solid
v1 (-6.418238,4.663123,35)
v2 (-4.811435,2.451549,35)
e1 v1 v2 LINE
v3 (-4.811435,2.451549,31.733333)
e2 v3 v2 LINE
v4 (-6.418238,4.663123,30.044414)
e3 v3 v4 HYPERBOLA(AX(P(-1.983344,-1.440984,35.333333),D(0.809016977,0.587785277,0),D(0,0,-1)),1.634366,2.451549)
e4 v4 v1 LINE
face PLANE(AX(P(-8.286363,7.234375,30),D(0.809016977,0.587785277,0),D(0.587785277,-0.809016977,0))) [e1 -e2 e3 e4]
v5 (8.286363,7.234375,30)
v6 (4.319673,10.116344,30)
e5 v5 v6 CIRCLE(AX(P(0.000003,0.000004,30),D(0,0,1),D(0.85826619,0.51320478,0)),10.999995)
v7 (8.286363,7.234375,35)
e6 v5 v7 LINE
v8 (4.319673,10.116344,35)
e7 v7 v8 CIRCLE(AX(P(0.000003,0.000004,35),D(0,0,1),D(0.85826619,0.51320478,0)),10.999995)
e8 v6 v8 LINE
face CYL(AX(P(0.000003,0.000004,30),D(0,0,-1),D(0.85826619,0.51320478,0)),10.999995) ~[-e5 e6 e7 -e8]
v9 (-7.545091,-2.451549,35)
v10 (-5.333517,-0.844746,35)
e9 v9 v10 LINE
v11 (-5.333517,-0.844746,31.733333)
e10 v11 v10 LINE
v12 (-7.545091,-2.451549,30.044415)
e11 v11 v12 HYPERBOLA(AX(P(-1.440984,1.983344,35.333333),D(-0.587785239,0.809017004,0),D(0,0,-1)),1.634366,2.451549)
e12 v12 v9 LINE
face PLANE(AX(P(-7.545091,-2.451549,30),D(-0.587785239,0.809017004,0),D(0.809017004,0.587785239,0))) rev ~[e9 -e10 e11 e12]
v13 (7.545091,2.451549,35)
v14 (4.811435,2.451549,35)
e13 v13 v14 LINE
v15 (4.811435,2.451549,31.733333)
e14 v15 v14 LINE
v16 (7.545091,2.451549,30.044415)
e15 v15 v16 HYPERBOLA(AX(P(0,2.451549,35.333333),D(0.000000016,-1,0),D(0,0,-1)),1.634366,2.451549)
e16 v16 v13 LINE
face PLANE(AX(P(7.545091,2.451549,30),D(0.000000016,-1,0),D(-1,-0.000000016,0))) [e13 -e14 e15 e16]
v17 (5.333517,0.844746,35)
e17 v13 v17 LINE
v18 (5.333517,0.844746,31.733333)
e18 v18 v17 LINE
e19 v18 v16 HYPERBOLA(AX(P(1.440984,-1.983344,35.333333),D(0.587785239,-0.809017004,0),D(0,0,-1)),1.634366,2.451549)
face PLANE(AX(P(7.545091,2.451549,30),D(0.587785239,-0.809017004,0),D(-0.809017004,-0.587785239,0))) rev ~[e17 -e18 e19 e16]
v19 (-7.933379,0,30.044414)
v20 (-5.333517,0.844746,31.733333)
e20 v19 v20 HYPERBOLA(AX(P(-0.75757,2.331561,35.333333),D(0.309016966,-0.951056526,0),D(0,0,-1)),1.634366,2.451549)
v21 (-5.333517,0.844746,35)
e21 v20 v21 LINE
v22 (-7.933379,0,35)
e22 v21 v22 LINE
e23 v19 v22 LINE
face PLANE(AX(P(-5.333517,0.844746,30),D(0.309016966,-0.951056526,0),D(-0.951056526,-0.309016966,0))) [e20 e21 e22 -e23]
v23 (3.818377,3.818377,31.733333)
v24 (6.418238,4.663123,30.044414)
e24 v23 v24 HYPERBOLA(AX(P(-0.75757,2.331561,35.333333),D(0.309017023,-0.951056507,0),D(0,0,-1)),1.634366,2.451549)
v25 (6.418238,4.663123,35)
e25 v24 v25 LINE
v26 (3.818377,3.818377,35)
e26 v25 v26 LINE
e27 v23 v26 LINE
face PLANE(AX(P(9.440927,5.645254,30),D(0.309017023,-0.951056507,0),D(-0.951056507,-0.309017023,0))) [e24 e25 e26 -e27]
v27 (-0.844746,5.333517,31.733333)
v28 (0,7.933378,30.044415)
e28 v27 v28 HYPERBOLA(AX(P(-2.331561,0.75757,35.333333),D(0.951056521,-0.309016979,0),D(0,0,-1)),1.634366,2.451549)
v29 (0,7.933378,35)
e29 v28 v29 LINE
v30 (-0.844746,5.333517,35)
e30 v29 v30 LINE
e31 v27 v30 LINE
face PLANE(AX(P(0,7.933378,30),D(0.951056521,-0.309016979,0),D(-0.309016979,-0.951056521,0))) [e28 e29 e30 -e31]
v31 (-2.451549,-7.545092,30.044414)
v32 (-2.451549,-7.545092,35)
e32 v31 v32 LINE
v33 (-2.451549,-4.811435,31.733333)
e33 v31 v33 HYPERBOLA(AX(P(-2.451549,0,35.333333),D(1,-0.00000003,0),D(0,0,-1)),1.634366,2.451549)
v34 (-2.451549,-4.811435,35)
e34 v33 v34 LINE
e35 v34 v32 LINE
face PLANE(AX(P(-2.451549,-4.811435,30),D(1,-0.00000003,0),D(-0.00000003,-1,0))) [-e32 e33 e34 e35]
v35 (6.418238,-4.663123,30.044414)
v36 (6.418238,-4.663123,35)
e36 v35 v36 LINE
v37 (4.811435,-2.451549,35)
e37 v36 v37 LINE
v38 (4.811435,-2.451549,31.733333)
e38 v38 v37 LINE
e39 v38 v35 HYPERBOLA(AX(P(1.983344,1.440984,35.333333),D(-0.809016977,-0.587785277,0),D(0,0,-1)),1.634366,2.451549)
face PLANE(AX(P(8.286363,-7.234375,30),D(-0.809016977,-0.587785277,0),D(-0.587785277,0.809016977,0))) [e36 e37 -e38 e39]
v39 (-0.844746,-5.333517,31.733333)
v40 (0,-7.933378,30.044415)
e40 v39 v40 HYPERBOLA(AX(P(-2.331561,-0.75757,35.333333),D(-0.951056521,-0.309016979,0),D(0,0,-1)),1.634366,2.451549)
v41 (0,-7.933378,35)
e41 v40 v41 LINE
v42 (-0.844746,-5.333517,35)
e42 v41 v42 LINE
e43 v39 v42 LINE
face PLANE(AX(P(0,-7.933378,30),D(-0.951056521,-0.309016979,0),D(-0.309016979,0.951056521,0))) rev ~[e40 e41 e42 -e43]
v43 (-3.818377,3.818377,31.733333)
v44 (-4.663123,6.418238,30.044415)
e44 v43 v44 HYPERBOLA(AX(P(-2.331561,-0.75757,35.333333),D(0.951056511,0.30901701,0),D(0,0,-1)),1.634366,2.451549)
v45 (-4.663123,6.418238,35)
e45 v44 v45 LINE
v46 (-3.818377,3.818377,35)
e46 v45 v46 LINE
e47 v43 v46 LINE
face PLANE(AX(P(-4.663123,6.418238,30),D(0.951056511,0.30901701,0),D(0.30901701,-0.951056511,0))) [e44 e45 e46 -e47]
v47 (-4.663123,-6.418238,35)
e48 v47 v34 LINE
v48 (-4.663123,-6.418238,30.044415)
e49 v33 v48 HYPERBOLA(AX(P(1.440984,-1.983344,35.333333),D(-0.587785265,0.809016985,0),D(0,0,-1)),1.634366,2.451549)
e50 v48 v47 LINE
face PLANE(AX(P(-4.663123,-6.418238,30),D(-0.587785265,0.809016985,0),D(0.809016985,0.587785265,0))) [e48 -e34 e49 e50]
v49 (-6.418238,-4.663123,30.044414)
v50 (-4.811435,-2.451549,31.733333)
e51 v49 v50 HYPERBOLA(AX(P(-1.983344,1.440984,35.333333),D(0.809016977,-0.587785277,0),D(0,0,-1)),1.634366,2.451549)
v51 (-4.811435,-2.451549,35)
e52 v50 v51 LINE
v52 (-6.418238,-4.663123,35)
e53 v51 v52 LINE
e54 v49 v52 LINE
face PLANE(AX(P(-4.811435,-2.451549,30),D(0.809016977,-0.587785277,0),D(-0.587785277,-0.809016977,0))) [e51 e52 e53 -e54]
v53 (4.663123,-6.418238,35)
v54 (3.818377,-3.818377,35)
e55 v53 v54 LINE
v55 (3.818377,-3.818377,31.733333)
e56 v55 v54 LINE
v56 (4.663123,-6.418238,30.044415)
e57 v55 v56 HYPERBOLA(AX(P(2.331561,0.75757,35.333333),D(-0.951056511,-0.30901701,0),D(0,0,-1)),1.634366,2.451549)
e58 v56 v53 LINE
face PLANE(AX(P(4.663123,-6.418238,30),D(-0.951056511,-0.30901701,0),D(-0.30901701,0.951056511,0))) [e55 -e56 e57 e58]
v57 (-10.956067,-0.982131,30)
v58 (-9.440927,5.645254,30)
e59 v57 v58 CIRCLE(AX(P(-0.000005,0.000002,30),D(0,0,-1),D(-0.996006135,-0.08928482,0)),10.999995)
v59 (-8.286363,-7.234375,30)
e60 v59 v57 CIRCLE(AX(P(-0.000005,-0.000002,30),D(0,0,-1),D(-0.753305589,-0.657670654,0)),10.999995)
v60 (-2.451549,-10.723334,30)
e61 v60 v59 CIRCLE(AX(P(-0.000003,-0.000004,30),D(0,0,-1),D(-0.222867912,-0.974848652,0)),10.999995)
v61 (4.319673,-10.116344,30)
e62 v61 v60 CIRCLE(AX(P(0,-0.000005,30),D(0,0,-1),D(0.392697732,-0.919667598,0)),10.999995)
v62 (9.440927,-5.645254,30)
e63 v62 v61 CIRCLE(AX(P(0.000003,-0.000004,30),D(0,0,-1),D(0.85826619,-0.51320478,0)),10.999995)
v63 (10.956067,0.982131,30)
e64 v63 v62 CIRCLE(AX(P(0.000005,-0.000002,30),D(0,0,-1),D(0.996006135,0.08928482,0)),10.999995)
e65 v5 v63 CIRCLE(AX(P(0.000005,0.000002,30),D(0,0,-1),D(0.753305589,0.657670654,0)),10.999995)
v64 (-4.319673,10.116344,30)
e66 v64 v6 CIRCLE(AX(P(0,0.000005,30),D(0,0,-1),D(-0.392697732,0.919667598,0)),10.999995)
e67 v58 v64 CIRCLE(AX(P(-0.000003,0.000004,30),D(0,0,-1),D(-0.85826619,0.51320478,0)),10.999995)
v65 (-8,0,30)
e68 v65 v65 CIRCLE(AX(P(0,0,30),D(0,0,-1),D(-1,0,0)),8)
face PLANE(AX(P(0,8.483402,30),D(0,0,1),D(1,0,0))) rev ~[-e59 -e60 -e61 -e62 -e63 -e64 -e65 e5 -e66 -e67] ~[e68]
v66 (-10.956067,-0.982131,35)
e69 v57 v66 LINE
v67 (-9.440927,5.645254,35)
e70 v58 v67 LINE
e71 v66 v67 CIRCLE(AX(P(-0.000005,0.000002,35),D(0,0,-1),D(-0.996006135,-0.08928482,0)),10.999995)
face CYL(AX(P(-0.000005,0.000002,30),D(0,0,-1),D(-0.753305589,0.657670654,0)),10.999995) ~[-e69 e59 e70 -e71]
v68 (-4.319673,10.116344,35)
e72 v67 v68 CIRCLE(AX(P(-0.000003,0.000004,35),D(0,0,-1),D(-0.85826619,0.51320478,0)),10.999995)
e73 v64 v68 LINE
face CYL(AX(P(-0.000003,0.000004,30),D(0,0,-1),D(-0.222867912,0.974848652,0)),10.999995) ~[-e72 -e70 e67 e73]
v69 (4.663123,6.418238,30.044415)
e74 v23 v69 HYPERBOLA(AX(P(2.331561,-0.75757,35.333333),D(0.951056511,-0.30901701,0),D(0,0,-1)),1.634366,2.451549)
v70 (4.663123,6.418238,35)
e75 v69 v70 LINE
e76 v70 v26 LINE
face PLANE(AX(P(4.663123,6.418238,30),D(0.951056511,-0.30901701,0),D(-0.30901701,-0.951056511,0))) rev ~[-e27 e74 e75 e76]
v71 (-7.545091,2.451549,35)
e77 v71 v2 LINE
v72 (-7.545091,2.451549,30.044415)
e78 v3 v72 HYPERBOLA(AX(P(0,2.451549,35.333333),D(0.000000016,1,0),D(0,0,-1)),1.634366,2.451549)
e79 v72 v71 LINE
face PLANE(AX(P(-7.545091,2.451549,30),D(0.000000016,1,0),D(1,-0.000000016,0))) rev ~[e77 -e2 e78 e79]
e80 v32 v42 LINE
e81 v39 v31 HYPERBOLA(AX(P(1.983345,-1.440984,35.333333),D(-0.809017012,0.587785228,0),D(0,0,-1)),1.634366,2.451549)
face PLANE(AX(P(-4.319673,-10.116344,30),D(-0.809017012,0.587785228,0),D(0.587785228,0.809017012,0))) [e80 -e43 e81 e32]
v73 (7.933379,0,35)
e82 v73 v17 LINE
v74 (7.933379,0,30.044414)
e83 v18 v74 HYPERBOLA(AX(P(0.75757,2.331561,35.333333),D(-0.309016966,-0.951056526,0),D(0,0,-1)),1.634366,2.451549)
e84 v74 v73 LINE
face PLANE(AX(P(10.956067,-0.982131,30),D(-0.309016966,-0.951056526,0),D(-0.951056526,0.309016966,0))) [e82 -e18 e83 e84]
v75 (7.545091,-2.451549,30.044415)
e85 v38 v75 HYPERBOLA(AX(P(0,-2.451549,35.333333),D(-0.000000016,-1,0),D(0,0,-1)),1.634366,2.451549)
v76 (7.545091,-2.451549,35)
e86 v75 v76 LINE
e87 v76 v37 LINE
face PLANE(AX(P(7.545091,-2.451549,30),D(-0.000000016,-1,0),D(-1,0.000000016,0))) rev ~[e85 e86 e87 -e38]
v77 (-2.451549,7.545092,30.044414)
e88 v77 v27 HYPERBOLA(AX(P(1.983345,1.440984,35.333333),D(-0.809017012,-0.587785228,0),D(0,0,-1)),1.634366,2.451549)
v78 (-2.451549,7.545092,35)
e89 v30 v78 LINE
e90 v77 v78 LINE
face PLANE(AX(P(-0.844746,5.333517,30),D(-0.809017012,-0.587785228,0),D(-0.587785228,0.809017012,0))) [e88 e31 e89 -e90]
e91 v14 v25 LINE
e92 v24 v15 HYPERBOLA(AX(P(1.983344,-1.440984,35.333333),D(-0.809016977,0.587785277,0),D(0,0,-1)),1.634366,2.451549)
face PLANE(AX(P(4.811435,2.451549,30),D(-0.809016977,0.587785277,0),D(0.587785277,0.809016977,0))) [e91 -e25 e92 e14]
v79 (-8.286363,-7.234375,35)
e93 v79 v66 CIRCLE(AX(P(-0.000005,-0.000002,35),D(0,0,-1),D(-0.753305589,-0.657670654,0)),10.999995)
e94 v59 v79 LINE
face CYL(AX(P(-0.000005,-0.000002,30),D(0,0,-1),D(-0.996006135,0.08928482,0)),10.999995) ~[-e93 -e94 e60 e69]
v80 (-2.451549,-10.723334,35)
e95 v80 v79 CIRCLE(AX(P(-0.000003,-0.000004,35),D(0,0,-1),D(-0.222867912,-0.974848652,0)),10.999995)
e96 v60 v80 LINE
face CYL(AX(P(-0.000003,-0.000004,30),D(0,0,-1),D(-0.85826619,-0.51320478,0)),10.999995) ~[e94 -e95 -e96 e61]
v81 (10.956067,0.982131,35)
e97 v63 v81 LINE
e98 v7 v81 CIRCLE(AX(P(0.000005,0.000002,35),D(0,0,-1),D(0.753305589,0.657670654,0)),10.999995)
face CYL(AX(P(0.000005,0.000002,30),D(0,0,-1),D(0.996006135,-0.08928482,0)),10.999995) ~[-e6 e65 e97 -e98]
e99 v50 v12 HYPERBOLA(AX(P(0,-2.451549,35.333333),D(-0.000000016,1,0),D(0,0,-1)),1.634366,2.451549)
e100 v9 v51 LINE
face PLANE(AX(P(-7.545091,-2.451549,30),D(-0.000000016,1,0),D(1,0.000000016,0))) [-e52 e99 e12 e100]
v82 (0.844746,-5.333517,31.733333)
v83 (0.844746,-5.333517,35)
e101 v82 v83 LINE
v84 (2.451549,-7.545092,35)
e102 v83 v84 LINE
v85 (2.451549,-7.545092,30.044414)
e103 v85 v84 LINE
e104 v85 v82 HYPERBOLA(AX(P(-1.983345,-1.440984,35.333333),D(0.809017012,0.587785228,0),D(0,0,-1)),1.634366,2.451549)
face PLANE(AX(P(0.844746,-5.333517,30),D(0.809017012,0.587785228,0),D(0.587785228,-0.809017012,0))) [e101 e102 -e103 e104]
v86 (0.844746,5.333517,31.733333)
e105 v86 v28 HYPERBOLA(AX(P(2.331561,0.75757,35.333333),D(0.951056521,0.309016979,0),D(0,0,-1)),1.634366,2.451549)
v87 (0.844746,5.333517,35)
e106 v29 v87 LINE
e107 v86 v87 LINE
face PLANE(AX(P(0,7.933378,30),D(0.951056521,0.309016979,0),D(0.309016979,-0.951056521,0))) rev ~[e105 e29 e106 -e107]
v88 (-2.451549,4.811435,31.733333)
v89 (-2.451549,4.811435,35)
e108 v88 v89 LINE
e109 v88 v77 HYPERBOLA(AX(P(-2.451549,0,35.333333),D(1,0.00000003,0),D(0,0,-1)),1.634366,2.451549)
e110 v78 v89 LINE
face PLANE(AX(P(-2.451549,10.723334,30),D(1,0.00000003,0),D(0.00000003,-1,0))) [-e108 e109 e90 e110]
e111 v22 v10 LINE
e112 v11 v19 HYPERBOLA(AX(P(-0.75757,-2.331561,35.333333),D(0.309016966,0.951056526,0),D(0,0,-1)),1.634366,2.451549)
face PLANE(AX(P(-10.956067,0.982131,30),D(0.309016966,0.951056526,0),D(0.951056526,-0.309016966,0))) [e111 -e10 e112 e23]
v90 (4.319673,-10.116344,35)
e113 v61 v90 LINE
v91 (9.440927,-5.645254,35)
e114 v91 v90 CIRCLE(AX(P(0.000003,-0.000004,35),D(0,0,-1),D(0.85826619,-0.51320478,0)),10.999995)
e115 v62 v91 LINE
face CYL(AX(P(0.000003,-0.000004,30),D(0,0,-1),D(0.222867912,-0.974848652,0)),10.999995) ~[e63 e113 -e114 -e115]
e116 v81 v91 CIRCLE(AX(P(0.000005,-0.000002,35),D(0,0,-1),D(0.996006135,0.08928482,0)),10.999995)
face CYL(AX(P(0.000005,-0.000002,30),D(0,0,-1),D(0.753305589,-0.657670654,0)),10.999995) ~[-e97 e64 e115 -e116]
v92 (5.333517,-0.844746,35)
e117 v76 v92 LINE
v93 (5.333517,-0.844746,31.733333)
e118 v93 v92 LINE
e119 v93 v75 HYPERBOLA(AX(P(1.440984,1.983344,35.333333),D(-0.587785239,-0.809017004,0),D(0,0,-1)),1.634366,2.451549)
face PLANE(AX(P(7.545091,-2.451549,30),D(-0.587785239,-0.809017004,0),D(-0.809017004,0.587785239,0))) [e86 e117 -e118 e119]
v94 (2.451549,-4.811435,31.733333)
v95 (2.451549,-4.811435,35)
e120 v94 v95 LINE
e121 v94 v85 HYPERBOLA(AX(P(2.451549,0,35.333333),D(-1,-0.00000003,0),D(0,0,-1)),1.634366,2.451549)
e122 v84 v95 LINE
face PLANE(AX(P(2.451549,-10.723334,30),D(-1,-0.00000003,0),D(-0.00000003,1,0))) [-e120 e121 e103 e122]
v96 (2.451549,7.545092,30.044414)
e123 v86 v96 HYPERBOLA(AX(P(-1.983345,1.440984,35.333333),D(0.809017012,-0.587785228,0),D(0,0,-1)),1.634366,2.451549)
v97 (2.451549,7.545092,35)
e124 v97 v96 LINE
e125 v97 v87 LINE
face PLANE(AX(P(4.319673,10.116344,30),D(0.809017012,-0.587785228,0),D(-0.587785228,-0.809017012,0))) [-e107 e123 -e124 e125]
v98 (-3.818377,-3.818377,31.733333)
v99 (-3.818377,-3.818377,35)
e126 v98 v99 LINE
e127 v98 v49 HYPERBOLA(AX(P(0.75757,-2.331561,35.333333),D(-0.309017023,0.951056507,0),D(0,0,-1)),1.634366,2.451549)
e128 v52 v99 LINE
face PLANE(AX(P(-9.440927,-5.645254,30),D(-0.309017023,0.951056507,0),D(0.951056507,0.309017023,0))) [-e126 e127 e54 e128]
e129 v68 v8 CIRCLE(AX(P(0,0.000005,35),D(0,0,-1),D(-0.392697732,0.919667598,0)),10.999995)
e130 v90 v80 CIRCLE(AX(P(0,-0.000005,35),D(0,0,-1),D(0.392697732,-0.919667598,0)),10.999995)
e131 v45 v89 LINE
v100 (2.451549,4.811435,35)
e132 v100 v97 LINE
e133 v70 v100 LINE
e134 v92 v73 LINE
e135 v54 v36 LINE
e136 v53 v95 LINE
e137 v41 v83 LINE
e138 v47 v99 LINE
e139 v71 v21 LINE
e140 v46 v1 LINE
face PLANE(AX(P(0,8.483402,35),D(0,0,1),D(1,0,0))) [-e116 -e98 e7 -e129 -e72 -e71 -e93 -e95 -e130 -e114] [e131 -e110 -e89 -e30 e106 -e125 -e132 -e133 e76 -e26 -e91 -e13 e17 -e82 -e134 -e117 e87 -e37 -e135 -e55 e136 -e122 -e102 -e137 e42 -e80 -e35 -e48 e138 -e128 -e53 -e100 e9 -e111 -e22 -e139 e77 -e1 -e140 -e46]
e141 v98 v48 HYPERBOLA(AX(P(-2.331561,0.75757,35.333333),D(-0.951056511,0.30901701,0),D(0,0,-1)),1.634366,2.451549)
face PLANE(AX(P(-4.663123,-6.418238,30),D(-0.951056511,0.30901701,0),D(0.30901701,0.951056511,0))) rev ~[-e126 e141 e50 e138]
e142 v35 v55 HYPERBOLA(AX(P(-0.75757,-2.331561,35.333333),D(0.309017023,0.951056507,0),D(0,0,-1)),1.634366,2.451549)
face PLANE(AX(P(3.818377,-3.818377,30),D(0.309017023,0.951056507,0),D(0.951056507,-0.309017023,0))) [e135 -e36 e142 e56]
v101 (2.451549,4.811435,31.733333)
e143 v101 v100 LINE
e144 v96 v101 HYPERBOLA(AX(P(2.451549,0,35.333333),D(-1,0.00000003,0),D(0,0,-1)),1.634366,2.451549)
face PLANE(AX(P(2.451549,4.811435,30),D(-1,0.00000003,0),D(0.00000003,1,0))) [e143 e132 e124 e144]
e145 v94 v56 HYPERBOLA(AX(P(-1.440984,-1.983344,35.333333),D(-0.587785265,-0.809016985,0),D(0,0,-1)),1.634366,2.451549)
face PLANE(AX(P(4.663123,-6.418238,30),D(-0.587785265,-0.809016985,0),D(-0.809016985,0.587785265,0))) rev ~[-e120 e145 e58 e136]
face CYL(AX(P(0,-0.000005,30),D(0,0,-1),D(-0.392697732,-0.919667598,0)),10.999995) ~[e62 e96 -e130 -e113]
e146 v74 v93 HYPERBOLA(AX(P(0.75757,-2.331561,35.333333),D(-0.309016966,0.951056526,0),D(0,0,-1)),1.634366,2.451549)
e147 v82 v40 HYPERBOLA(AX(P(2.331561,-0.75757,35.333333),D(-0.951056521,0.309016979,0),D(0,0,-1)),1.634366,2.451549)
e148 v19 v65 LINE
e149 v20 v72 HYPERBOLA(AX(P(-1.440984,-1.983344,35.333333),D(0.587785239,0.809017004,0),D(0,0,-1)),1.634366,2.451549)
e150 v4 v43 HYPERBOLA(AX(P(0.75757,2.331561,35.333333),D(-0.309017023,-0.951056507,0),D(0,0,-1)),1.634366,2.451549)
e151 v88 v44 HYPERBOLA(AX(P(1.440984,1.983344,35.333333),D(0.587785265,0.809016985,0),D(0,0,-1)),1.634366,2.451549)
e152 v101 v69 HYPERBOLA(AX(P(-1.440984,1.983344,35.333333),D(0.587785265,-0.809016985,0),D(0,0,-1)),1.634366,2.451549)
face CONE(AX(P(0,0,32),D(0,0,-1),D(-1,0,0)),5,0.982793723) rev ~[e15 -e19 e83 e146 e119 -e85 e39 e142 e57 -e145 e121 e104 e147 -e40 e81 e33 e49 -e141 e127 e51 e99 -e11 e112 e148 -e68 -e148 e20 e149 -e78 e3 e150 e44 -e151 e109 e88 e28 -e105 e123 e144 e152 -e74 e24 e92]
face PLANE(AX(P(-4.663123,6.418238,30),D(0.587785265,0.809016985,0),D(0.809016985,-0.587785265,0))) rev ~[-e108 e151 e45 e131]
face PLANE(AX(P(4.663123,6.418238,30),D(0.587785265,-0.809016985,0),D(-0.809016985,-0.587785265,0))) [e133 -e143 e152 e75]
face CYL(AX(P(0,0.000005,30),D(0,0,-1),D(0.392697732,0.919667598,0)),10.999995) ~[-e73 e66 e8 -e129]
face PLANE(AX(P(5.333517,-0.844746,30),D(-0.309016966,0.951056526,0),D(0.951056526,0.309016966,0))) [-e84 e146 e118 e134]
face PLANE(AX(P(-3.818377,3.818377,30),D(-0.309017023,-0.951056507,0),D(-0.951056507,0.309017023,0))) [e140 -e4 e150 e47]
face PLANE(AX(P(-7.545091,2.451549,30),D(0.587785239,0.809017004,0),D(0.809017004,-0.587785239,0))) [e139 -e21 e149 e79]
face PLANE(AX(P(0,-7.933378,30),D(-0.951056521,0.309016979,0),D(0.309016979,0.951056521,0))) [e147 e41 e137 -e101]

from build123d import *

# Parameters (mm, degrees)
PAD016_DEPTH          = 5
POLARPATTERN013_COUNT = 10


with BuildPart() as part:
    # Sketch022 → Pad016 (new body)
    with BuildSketch(Plane.XY):
        with BuildLine():
            ThreePointArc((4.319673, 10.116344), (0, 11), (-4.319673, 10.116344))
            Line((-0.844746, 5.333517), (-4.319673, 10.116344))
            Line((0, 7.933378), (-0.844746, 5.333517))
            Line((0, 7.933378), (0.844746, 5.333517))
            Line((4.319673, 10.116344), (0.844746, 5.333517))
        make_face()
    pad016 = extrude(amount=PAD016_DEPTH)

    # PolarPattern013: Pad016 ×10 about axis
    polarpattern013_axis = Axis((0, 0, 0), (0, 0, 1))
    for i in range(1, POLARPATTERN013_COUNT):
        add(pad016.rotate(polarpattern013_axis, i * 360 / POLARPATTERN013_COUNT))

    # Cone003 → Cone003 (revolve, cut)
    with BuildSketch(Plane(origin=(0, 0, 2), x_dir=(-1, 0, 0), z_dir=(0, -1, 0))):
        Polygon((0, 0), (5, 0), (8, 2), (0, 2), align=None)
    revolve(axis=Axis((0, 0, 2), (0, 0, -1)), mode=Mode.SUBTRACT)


with BuildPart() as part_1:
    # Body028 placement: moved
    add(part.part.moved(Location((0, 0, 30))))


solid = part_1.part
